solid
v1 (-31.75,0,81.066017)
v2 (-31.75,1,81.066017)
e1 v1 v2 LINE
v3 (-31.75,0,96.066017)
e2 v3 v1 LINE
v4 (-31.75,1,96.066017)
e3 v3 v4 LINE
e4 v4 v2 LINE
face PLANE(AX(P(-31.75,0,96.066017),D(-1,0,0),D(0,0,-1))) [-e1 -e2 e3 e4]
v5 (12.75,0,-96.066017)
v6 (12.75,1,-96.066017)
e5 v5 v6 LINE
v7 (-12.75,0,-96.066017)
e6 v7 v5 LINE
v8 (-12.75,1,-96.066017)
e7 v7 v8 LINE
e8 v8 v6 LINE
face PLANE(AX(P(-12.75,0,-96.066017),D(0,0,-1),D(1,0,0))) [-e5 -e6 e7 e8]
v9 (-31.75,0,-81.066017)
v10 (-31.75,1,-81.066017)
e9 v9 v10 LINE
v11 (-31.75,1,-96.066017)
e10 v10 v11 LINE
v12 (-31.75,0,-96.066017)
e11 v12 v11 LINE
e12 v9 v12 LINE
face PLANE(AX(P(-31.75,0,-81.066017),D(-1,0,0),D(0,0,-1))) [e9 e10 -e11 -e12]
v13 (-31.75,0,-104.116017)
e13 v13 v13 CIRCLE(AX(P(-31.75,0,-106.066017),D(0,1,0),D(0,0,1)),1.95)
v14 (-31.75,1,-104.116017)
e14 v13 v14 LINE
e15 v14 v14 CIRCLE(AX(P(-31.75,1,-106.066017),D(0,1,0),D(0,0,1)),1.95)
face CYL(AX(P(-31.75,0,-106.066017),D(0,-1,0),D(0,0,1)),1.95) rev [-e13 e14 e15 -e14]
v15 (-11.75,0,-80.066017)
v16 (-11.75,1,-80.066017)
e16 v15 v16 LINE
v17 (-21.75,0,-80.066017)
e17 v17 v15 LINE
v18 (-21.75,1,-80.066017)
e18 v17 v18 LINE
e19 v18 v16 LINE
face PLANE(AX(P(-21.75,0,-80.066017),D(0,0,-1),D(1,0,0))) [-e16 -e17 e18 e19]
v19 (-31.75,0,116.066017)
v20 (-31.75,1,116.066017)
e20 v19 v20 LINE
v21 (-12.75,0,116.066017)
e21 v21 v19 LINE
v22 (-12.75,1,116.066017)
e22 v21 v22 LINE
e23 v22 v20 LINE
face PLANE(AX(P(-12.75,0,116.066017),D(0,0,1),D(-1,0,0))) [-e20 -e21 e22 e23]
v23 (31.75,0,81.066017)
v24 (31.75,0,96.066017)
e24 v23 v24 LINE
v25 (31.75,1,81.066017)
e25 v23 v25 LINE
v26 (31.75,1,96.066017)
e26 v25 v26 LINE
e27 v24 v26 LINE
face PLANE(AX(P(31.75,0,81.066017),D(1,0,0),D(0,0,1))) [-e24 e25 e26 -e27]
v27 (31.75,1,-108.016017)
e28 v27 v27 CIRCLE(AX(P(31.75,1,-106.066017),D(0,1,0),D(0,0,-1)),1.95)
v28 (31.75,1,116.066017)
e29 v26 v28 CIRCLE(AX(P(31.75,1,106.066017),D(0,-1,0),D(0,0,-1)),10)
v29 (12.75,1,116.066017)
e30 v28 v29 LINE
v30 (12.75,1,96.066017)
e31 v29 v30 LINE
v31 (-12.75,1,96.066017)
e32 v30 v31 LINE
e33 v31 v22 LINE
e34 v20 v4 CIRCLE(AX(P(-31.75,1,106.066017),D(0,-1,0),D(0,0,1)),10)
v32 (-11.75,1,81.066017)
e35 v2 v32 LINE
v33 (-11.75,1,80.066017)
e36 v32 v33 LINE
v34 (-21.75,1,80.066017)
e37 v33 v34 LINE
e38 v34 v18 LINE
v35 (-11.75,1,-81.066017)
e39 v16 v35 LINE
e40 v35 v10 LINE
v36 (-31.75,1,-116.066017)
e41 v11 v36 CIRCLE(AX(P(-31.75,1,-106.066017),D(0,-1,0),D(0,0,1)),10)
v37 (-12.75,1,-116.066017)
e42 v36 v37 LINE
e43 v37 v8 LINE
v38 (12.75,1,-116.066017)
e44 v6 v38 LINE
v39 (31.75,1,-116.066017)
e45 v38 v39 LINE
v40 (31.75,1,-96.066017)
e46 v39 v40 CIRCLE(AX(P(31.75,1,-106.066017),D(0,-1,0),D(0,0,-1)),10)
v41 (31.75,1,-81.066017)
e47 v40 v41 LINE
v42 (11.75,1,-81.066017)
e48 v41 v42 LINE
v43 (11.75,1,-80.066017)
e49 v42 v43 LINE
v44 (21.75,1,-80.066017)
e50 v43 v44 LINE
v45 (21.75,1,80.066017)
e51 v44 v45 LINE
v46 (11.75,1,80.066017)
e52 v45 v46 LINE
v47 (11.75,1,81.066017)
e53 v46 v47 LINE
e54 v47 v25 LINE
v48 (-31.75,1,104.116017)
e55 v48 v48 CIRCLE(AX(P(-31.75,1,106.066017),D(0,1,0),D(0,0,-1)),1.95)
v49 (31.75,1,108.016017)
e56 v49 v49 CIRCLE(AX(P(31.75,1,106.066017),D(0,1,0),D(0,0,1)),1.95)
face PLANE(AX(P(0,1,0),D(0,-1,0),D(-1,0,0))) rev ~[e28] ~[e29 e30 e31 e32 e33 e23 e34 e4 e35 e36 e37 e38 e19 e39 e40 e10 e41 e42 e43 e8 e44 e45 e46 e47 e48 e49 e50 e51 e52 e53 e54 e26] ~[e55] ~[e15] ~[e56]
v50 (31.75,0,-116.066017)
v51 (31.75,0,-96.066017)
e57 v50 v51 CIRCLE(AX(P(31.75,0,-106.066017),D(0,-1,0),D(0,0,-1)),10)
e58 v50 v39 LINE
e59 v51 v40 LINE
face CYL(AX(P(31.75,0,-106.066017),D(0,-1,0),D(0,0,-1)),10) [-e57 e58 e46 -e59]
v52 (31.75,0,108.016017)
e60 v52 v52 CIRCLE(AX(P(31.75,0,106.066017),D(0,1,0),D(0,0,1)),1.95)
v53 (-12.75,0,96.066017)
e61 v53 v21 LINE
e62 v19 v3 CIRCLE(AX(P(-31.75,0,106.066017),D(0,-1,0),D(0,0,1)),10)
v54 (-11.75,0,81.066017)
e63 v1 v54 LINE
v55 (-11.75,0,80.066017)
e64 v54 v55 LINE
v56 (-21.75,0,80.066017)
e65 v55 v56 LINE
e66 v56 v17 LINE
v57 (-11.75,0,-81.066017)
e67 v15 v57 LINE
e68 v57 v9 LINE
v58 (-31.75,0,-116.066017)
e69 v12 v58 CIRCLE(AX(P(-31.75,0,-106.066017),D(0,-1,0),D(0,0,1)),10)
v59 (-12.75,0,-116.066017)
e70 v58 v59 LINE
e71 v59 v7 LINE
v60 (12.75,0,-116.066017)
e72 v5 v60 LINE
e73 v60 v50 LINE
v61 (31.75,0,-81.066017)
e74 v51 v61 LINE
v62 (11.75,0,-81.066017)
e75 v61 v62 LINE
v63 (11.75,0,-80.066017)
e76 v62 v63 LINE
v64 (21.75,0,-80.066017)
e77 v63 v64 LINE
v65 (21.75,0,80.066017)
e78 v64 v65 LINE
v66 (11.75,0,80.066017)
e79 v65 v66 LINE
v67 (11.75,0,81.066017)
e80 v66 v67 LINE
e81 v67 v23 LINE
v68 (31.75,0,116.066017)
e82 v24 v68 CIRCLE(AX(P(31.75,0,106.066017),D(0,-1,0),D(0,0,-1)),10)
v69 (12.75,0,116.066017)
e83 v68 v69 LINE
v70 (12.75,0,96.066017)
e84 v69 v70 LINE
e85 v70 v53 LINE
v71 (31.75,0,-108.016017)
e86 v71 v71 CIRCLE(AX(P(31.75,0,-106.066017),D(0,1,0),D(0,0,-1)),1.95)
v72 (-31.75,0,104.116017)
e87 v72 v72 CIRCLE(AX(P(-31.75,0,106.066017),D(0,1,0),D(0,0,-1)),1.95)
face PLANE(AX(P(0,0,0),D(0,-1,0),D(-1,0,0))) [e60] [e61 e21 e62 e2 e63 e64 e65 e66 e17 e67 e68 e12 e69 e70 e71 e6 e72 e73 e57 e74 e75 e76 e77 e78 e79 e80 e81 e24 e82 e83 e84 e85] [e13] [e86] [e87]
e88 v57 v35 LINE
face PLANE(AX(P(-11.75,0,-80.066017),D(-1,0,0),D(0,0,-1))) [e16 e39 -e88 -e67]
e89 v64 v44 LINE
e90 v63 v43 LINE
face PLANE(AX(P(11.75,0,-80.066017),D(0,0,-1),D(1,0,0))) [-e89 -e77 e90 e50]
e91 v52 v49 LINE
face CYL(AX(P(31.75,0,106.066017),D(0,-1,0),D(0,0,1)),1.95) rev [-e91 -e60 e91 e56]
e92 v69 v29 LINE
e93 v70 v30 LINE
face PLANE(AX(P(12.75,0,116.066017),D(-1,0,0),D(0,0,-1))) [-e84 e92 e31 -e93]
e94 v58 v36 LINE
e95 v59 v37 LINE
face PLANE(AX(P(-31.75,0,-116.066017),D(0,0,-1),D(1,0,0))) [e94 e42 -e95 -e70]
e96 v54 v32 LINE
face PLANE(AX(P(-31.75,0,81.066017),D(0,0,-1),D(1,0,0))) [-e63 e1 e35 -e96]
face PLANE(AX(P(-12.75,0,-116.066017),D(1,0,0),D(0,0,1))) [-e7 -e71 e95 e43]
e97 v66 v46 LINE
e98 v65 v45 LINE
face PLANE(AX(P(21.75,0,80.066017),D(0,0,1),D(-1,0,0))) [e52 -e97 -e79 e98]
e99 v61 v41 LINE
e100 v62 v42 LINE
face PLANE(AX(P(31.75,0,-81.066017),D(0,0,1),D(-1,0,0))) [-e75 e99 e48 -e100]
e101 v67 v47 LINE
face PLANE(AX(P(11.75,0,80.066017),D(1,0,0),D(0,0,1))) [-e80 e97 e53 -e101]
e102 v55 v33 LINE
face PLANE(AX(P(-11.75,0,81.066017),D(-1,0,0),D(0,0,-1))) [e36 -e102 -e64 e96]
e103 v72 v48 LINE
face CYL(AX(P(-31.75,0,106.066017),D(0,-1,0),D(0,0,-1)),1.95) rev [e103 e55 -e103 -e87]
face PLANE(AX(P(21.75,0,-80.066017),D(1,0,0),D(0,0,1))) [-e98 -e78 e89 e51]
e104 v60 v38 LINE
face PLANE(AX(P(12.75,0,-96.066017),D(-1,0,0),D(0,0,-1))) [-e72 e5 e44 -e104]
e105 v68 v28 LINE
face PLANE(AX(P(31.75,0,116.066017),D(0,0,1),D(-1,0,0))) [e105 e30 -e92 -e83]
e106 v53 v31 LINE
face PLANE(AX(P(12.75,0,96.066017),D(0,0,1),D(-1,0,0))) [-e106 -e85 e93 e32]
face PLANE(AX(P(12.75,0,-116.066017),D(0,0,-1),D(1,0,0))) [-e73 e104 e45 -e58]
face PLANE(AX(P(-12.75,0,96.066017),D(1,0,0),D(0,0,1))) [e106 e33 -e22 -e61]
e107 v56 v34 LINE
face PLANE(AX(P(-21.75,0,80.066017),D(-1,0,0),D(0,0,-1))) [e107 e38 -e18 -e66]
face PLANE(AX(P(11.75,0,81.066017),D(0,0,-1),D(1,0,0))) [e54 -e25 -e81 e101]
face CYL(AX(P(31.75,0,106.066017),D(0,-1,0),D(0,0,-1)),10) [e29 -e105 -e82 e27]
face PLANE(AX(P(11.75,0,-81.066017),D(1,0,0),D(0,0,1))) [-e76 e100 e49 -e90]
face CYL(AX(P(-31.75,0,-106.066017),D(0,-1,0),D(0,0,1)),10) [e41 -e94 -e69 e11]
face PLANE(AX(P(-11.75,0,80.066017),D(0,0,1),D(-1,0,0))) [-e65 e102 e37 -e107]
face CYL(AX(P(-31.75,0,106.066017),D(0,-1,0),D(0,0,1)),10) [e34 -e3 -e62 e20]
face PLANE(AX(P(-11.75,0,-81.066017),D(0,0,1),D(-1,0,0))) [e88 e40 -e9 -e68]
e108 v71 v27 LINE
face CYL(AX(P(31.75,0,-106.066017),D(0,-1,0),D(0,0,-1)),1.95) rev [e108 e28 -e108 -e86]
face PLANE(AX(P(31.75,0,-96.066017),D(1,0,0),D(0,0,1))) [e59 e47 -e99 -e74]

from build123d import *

# Parameters (mm, degrees)
SKETCH1_R           = 1.95
BOSS_EXTRUDE1_DEPTH = 1


with BuildPart() as part:
    # Sketch1 → Boss-Extrude1 (new body)
    with BuildSketch(Plane(origin=(0, 0, 0), x_dir=(1, 0, 0), z_dir=(0, 1, 0))):
        with BuildLine():
            Line((-31.75, 116.06601718), (-12.75, 116.06601718))
            Line((-12.75, 116.06601718), (-12.75, 96.06601718))
            Line((-12.75, 96.06601718), (-11.75, 96.06601718))
            Line((-11.75, 96.06601718), (11.75, 96.06601718))
            Line((11.75, 96.06601718), (12.75, 96.06601718))
            Line((12.75, 96.06601718), (12.75, 116.06601718))
            Line((12.75, 116.06601718), (31.75, 116.06601718))
            ThreePointArc((31.75, 116.06601718), (41.75, 106.06601718), (31.75, 96.06601718))
            Line((31.75, 96.06601718), (31.75, 81.06601718))
            Line((31.75, 81.06601718), (11.75, 81.06601718))
            Line((11.75, 81.06601718), (11.75, 80.06601718))
            Line((11.75, 80.06601718), (21.75, 80.06601718))
            Line((21.75, 80.06601718), (21.75, -80.06601718))
            Line((21.75, -80.06601718), (11.75, -80.06601718))
            Line((11.75, -80.06601718), (11.75, -81.06601718))
            Line((11.75, -81.06601718), (31.75, -81.06601718))
            Line((31.75, -81.06601718), (31.75, -96.06601718))
            ThreePointArc((31.75, -96.06601718), (41.75, -106.06601718), (31.75, -116.06601718))
            Line((31.75, -116.06601718), (12.75, -116.06601718))
            Line((12.75, -116.06601718), (12.75, -96.06601718))
            Line((12.75, -96.06601718), (11.75, -96.06601718))
            Line((11.75, -96.06601718), (-11.75, -96.06601718))
            Line((-11.75, -96.06601718), (-12.75, -96.06601718))
            Line((-12.75, -96.06601718), (-12.75, -116.06601718))
            Line((-12.75, -116.06601718), (-31.75, -116.06601718))
            ThreePointArc((-31.75, -116.06601718), (-41.75, -106.06601718), (-31.75, -96.06601718))
            Line((-31.75, -96.06601718), (-31.75, -81.06601718))
            Line((-31.75, -81.06601718), (-11.75, -81.06601718))
            Line((-11.75, -81.06601718), (-11.75, -80.06601718))
            Line((-11.75, -80.06601718), (-21.75, -80.06601718))
            Line((-21.75, -80.06601718), (-21.75, 80.06601718))
            Line((-21.75, 80.06601718), (-11.75, 80.06601718))
            Line((-11.75, 80.06601718), (-11.75, 81.06601718))
            Line((-11.75, 81.06601718), (-31.75, 81.06601718))
            Line((-31.75, 81.06601718), (-31.75, 96.06601718))
            ThreePointArc((-31.75, 96.06601718), (-41.75, 106.06601718), (-31.75, 116.06601718))
        make_face()
        with Locations(Location((-31.75, 106.06601718, 0), (0, 0, 270))):
            Circle(SKETCH1_R, mode=Mode.SUBTRACT)
        with Locations(Location((31.75, 106.06601718, 0), (0, 0, 90))):
            Circle(SKETCH1_R, mode=Mode.SUBTRACT)
        with Locations(Location((31.75, -106.06601718, 0), (0, 0, 270))):
            Circle(SKETCH1_R, mode=Mode.SUBTRACT)
        with Locations(Location((-31.75, -106.06601718, 0), (0, 0, 90))):
            Circle(SKETCH1_R, mode=Mode.SUBTRACT)
    extrude(amount=BOSS_EXTRUDE1_DEPTH)


solid = part.part
